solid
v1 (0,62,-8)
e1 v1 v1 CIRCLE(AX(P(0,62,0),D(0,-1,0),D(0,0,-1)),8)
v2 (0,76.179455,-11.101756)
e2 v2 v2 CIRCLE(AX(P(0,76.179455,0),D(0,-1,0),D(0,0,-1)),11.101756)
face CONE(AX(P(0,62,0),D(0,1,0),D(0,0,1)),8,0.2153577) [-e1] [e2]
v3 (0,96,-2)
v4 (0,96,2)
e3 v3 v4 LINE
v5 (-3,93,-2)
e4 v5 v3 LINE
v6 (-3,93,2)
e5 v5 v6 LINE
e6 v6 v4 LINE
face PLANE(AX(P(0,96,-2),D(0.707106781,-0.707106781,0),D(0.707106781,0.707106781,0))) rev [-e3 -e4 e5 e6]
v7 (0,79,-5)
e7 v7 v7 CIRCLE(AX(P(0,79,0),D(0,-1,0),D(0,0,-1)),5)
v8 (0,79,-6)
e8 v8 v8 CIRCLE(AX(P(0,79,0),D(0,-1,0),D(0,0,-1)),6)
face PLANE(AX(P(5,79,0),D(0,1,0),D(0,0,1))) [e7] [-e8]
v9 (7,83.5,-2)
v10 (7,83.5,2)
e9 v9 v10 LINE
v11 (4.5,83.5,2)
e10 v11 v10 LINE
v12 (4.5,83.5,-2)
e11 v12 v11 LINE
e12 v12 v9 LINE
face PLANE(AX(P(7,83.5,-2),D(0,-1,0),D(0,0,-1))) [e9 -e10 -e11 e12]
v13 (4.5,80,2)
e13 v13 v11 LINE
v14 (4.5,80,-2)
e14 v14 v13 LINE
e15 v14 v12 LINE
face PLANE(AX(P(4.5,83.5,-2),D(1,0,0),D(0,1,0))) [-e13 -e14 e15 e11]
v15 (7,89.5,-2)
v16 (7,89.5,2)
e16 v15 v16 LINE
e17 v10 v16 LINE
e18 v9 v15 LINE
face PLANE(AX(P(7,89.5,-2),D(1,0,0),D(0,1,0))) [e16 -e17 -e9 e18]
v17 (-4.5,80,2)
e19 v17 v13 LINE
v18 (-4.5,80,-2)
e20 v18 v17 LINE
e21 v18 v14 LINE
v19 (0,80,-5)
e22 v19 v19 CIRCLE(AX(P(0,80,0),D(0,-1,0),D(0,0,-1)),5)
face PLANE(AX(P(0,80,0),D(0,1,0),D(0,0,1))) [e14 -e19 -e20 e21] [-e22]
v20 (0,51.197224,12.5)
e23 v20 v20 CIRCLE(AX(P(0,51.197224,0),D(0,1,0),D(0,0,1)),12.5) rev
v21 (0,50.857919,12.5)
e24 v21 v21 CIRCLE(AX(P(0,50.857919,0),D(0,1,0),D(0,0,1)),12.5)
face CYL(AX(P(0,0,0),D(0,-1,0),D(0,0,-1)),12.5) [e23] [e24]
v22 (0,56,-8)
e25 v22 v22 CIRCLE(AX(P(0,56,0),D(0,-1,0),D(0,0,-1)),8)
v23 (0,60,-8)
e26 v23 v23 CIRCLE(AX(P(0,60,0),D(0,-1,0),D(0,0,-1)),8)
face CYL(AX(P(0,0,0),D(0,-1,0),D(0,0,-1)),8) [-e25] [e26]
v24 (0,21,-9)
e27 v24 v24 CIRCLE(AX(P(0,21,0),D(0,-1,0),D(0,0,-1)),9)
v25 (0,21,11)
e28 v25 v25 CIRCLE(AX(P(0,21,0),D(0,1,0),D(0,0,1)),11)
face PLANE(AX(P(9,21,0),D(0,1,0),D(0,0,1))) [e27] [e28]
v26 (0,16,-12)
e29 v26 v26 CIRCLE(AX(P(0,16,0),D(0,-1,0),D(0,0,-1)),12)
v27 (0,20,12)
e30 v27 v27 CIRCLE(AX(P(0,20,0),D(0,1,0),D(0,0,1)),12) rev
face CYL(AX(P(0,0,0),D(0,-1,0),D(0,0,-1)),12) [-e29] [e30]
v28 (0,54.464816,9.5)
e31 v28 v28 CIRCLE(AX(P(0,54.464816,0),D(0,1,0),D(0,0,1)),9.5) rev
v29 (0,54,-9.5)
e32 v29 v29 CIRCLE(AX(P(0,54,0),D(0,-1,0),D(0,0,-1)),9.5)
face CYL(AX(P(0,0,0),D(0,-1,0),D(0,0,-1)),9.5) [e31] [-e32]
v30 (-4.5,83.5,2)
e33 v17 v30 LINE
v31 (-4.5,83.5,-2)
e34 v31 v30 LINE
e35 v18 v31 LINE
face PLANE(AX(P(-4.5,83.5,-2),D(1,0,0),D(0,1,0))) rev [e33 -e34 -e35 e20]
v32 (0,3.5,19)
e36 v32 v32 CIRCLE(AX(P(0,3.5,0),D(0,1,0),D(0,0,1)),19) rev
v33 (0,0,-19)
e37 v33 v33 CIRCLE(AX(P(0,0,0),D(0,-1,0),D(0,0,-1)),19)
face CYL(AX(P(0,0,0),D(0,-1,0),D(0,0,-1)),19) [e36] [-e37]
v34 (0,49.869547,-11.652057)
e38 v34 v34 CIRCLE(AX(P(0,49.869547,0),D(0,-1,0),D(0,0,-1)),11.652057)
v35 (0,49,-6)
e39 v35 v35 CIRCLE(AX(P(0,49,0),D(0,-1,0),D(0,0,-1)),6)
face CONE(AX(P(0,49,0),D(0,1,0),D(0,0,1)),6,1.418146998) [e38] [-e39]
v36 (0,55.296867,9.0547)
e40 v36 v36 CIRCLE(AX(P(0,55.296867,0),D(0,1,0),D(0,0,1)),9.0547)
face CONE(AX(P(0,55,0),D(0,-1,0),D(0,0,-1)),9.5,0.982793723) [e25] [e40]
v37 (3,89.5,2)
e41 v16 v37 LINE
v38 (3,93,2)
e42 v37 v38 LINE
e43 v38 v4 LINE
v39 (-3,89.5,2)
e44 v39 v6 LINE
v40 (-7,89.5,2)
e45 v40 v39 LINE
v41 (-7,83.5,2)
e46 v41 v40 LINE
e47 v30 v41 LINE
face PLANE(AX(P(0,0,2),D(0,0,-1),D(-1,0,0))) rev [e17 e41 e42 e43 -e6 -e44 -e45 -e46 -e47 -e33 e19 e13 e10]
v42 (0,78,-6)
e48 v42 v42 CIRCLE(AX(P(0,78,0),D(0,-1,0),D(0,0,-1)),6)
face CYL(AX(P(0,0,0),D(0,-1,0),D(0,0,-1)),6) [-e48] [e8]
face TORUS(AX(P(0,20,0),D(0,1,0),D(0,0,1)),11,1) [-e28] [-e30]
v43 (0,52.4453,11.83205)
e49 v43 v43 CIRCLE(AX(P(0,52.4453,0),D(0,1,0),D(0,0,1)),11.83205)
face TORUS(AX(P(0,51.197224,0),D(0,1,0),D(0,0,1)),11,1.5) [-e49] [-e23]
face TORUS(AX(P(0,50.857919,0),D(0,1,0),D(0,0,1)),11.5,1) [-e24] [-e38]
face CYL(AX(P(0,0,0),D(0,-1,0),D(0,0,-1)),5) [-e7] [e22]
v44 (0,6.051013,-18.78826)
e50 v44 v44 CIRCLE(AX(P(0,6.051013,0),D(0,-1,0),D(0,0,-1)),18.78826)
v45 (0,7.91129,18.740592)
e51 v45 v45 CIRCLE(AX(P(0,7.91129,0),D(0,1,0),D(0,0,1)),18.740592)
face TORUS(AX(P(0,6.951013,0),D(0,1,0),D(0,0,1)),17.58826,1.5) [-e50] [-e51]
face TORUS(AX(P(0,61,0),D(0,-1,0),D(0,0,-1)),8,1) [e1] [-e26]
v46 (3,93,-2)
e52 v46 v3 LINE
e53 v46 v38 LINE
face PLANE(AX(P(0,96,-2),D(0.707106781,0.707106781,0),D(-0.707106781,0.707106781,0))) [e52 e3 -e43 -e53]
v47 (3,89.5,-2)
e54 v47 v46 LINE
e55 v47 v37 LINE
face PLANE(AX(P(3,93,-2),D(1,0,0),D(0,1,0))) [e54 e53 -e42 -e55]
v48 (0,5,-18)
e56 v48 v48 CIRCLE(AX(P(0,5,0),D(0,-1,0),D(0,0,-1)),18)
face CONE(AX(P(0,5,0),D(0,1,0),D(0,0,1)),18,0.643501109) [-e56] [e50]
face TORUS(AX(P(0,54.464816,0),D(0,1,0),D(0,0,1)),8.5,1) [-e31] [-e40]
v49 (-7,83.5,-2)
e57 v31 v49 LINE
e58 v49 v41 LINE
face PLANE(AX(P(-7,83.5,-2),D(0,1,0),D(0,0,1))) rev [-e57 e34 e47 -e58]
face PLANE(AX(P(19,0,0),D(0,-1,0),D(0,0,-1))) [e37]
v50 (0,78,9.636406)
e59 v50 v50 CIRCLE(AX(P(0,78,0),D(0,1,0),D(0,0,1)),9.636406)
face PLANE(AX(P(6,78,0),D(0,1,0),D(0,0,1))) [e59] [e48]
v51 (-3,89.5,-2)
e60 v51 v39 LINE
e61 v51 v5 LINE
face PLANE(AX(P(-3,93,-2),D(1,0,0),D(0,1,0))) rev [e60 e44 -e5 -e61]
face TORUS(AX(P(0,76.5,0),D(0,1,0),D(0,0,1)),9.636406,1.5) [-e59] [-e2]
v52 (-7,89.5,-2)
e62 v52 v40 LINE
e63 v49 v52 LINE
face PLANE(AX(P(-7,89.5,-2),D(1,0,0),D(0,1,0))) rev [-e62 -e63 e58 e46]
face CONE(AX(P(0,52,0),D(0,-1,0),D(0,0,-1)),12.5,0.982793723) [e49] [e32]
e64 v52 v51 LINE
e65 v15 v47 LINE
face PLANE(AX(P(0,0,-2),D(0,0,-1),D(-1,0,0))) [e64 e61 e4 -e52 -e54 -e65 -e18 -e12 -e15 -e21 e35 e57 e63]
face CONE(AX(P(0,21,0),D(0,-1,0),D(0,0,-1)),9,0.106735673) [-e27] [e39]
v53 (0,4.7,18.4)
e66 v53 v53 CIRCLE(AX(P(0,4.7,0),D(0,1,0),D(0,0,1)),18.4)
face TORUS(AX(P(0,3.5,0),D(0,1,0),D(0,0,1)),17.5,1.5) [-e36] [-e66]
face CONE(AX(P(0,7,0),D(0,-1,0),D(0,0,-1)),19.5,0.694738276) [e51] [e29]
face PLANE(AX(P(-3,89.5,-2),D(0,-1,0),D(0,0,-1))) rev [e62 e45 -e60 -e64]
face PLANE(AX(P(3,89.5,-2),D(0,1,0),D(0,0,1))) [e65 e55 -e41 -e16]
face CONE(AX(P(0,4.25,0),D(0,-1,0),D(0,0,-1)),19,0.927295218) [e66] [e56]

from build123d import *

# Parameters (mm, degrees)
BOSS_EXTRUDE1_DEPTH = 2
FILLET1_R           = 1.5
FILLET2_R           = 1


with BuildPart() as part:
    # Sketch1 → Revolve1 (revolve)
    with BuildSketch(Plane.XY):
        with BuildLine():
            Line((0, 0), (0, 80))
            Line((0, 80), (5, 80))
            Line((5, 80), (5, 79))
            Line((5, 79), (6, 79))
            Line((6, 79), (6, 78))
            Line((6, 78), (11.5, 78))
            Line((11.5, 78), (8, 62))
            ThreePointArc((8, 62), (9, 61), (8, 60))
            Line((8, 60), (8, 56))
            Line((8, 56), (9.5, 55))
            Line((9.5, 55), (9.5, 54))
            Line((9.5, 54), (12.5, 52))
            Line((12.5, 52), (12.5, 50))
            Line((12.5, 50), (6, 49))
            Line((6, 49), (9, 21))
            Line((9, 21), (12, 21))
            Line((12, 21), (12, 16))
            Line((12, 16), (19.5, 7))
            Line((19.5, 7), (18, 5))
            Line((18, 5), (19, 4.25))
            Line((19, 4.25), (19, 0))
            Line((19, 0), (0, 0))
        make_face()
    revolve(axis=Axis((0, 0, 0), (0, 1, 0)))

    # Sketch2 → Boss-Extrude1 (add, symmetric)
    with BuildSketch(Plane.XY):
        Polygon((0, 80), (0, 96), (3, 93), (3, 89.5), (7, 89.5), (7, 83.5), (4.5, 83.5), (4.5, 80), align=None)
    boss_extrude1 = extrude(amount=BOSS_EXTRUDE1_DEPTH, both=True)

    # Mirror1: Boss-Extrude1 across plane
    add(boss_extrude1.mirror(Plane(origin=(0, 80, -2), x_dir=(0, 0, 1), z_dir=(-1, 0, 0))))

    # Fillet1
    fillet1_edges = [part.edges().sort_by_distance(p)[0] for p in [
        (-19, 4.25, 0),
        (-19.5, 7, 0),
        (-12.5, 52, 0),
        (-11.5, 78, 0),
    ]]
    fillet(fillet1_edges, radius=FILLET1_R)

    # Fillet2
    fillet2_edges = [part.edges().sort_by_distance(p)[0] for p in [
        (-9.5, 55, 0),
        (-12.5, 50, 0),
        (-12, 21, 0),
    ]]
    fillet(fillet2_edges, radius=FILLET2_R)


solid = part.part
